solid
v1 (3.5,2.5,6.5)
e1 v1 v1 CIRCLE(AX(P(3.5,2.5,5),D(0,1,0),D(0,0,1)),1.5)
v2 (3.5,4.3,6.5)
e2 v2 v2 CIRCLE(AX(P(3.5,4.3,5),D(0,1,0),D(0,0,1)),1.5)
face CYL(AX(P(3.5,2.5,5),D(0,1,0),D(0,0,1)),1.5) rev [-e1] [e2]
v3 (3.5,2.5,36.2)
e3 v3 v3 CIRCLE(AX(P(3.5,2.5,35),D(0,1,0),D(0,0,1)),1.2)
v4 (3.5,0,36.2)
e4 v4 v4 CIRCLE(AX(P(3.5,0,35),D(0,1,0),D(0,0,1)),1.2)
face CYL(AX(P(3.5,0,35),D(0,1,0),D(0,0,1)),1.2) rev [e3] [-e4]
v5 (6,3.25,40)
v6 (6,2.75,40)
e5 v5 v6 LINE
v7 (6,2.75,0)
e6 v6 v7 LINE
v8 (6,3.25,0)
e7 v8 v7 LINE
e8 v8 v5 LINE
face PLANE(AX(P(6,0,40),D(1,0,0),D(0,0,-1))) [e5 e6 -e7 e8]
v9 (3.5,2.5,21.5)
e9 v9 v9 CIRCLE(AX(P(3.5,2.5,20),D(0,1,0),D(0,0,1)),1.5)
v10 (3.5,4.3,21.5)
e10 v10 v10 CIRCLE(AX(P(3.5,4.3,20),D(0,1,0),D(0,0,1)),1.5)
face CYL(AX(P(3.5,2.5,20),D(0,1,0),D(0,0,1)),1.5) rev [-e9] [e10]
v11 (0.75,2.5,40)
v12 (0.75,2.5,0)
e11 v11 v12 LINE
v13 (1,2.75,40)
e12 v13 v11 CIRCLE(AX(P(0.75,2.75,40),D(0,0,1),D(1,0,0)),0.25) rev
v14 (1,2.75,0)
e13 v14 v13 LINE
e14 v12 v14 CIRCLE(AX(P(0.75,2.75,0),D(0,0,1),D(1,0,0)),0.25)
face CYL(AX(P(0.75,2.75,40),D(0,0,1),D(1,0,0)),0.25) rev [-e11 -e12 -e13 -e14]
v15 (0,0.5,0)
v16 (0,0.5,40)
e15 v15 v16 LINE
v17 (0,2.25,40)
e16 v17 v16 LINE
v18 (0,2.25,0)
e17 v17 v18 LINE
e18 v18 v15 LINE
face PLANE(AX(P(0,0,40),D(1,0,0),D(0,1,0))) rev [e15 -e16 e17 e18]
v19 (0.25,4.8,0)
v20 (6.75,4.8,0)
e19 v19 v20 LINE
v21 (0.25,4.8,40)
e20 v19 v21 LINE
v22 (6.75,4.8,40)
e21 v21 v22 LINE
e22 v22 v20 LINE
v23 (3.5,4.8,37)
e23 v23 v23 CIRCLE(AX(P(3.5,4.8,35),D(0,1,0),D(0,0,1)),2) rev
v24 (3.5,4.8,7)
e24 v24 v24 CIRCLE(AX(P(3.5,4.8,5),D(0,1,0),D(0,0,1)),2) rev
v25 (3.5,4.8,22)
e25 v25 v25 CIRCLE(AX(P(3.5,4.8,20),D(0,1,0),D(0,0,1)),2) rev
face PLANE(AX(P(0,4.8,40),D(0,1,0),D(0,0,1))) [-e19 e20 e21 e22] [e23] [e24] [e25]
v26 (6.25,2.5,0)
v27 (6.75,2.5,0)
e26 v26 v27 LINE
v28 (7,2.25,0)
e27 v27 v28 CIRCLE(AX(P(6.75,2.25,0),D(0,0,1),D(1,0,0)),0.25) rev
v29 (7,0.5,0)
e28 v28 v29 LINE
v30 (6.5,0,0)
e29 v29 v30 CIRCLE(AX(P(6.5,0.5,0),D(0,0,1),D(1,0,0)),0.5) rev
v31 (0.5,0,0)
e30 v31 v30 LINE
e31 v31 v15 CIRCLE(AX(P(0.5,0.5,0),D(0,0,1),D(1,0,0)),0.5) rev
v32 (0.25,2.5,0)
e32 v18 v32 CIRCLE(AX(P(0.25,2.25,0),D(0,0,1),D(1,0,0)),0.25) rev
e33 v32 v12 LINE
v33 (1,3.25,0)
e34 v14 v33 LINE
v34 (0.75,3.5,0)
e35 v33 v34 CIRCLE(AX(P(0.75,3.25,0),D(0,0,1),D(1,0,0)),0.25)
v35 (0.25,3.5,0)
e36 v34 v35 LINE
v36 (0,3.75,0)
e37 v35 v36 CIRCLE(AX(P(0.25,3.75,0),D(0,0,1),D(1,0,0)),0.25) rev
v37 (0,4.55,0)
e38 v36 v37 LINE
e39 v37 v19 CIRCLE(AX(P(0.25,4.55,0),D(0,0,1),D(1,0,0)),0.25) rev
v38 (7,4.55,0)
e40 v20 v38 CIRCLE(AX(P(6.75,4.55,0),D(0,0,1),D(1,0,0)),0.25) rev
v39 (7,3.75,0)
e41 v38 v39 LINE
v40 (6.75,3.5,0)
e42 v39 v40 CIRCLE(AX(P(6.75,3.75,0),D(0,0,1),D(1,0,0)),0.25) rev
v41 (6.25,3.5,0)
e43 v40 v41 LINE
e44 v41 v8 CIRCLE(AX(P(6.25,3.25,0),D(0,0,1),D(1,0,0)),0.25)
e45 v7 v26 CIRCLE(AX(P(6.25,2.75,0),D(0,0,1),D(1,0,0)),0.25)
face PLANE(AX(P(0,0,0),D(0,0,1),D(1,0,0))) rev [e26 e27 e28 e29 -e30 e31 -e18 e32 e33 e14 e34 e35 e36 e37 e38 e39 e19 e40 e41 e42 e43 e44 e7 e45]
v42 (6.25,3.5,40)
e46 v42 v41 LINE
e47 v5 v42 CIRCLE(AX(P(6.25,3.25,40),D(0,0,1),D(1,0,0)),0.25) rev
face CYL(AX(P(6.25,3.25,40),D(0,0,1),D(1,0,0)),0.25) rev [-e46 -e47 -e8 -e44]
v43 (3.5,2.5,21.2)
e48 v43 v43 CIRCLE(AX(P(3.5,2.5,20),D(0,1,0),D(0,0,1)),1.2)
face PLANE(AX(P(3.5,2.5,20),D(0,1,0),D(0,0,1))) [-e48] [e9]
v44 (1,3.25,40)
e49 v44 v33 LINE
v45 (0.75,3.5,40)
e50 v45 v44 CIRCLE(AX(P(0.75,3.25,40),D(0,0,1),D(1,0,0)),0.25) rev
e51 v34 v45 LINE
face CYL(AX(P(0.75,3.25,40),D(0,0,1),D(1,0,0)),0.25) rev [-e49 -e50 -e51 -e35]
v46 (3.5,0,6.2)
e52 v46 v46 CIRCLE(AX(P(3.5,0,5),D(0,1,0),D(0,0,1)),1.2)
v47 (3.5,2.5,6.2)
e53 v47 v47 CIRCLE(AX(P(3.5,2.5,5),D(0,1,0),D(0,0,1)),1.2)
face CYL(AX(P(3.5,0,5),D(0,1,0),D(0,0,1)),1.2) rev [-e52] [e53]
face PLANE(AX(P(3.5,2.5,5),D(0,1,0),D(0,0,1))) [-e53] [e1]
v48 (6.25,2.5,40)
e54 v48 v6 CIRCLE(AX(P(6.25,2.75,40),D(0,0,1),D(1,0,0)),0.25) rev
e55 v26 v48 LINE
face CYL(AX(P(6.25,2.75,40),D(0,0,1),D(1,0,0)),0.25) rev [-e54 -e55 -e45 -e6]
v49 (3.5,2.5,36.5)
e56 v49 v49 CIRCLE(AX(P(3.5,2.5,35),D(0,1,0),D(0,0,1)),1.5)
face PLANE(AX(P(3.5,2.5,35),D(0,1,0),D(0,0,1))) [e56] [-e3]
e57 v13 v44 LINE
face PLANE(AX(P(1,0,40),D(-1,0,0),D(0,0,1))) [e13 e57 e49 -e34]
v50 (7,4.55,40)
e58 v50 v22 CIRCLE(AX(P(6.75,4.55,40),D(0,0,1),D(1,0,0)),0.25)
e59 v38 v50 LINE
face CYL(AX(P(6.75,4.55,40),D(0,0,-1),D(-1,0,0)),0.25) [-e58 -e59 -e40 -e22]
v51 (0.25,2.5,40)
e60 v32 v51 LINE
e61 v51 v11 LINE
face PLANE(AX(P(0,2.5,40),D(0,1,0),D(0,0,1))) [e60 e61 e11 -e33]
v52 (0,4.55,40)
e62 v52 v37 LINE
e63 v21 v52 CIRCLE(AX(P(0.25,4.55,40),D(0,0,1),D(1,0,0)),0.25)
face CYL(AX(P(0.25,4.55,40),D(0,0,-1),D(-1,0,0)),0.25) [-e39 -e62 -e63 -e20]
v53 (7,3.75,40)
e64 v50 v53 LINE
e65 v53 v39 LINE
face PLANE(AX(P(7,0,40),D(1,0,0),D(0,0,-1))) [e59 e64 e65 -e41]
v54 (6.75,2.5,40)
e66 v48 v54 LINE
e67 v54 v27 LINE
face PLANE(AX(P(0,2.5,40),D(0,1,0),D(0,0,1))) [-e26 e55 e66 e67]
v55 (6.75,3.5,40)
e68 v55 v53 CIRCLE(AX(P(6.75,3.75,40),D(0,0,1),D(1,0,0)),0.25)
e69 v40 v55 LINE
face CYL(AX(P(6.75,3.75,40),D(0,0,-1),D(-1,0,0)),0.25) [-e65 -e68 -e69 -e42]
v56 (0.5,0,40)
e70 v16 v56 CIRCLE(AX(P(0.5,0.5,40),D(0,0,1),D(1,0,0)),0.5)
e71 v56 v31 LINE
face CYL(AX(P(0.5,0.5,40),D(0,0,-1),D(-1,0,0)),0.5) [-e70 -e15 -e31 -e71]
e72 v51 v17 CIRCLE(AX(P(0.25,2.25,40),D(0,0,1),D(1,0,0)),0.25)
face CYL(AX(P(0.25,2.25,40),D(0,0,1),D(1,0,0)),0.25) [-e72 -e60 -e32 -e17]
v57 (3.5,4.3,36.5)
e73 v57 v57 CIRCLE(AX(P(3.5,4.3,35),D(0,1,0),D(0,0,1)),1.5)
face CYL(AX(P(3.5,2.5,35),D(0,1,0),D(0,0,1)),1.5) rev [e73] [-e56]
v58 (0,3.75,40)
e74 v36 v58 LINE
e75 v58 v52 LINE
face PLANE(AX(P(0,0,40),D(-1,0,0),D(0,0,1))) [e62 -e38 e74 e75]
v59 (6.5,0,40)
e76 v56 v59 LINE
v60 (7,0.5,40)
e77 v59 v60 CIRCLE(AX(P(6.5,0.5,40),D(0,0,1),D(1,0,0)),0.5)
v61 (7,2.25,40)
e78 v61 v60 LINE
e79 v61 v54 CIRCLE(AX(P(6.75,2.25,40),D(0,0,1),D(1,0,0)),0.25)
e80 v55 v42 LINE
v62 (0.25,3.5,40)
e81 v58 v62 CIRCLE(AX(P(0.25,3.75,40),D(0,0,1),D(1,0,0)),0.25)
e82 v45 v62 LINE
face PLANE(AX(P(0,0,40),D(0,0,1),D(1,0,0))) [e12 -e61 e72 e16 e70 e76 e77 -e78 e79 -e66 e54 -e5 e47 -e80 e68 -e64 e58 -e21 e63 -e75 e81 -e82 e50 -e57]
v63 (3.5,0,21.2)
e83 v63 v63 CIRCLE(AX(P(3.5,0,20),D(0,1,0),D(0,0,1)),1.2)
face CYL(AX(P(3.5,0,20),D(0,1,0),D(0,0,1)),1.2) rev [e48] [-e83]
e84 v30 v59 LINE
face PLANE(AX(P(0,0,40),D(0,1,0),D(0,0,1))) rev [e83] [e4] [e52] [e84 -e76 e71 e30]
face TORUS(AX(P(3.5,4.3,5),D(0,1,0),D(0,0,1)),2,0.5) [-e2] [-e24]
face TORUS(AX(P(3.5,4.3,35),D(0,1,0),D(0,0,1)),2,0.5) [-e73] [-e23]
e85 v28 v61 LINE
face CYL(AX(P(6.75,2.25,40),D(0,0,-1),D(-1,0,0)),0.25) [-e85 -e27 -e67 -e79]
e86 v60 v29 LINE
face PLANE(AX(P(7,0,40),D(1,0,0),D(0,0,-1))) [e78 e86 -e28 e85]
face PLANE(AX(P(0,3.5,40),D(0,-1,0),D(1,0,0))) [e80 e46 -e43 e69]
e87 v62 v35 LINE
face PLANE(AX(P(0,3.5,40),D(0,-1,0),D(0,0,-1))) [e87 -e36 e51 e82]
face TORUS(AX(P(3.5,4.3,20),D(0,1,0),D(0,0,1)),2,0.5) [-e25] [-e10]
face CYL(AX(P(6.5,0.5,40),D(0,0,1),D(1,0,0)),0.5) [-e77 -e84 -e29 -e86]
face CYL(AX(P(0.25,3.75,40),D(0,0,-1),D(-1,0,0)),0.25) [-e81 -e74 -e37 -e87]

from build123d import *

# Parameters (mm, degrees)
EXTRUDE_1_DEPTH                = 40
FILLET_1_R                     = 0.25
FILLET_2_R                     = 0.5
SKETCH_2_R                     = 1.5
CUT_EXTRUDE_1_DEPTH            = 2.3
SKETCH_3_R                     = 1.2
CUT_EXTRUDE_2_DEPTH            = 41.684763733
FILLET_3_R                     = 0.5
PATTERN_LINEAR_2_COUNT         = 3
PATTERN_LINEAR_2_PITCH         = 15
FILLET_3_OF_PATTERN_LINEAR_2_R = 0.5


with BuildPart() as part:
    # 草图1 → 凸台-拉伸1 (new body)
    with BuildSketch(Plane.XY):
        Polygon((7, 2.5), (7, 0), (0, 0), (0, 2.5), (1, 2.5), (1, 3.5), (0, 3.5), (0, 4.8), (7, 4.8), (7, 3.5), (6, 3.5), (6, 2.5), align=None)
    extrude(amount=EXTRUDE_1_DEPTH)

    # 圆角1
    fillet_1_edges = [part.edges().sort_by_distance(p)[0] for p in [
        (0, 2.5, 20),
        (1, 2.5, 20),
        (1, 3.5, 20),
        (0, 3.5, 20),
        (0, 4.8, 20),
        (7, 4.8, 20),
        (7, 3.5, 20),
        (6, 3.5, 20),
        (6, 2.5, 20),
        (7, 2.5, 20),
    ]]
    fillet(fillet_1_edges, radius=FILLET_1_R)

    # 圆角2
    fillet_2_edges = [part.edges().sort_by_distance(p)[0] for p in [
        (7, 0, 20),
        (0, 0, 20),
    ]]
    fillet(fillet_2_edges, radius=FILLET_2_R)

    # 草图2 → 切除-拉伸1 (cut)
    with BuildSketch(Plane(origin=(0, 4.8, 0), x_dir=(1, 0, 0), z_dir=(0, 1, 0))):
        with Locations(Location((3.5, -5, 0), (0, 0, 270))):
            Circle(SKETCH_2_R)
    cut_extrude_1 = extrude(amount=-CUT_EXTRUDE_1_DEPTH, mode=Mode.SUBTRACT)

    # 草图3 → 切除-拉伸2 (cut, through all)
    with BuildSketch(Plane(origin=(0, 2.5, 0), x_dir=(1, 0, 0), z_dir=(0, 1, 0))):
        with Locations(Location((3.5, -5, 0), (0, 0, 270))):
            Circle(SKETCH_3_R)
    cut_extrude_2 = extrude(amount=-CUT_EXTRUDE_2_DEPTH, mode=Mode.SUBTRACT)

    # 圆角3
    fillet_3_edges = [part.edges().sort_by_distance(p)[0] for p in [
        (3.5, 4.8, 3.5),
    ]]
    fillet(fillet_3_edges, radius=FILLET_3_R)

    # 阵列(线性)2: 切除-拉伸1, 切除-拉伸2 ×3
    with Locations(*[(0, 0, i * PATTERN_LINEAR_2_PITCH) for i in range(1, PATTERN_LINEAR_2_COUNT)]):
        add(cut_extrude_1, mode=Mode.SUBTRACT)
        add(cut_extrude_2, mode=Mode.SUBTRACT)

    # 圆角3 of 阵列(线性)2
    fillet_3_of_pattern_linear_2_edges = [part.edges().sort_by_distance(p)[0] for p in [
        (3.5, 4.8, 18.5),
        (3.5, 4.8, 33.5),
    ]]
    fillet(fillet_3_of_pattern_linear_2_edges, radius=FILLET_3_OF_PATTERN_LINEAR_2_R)


solid = part.part
